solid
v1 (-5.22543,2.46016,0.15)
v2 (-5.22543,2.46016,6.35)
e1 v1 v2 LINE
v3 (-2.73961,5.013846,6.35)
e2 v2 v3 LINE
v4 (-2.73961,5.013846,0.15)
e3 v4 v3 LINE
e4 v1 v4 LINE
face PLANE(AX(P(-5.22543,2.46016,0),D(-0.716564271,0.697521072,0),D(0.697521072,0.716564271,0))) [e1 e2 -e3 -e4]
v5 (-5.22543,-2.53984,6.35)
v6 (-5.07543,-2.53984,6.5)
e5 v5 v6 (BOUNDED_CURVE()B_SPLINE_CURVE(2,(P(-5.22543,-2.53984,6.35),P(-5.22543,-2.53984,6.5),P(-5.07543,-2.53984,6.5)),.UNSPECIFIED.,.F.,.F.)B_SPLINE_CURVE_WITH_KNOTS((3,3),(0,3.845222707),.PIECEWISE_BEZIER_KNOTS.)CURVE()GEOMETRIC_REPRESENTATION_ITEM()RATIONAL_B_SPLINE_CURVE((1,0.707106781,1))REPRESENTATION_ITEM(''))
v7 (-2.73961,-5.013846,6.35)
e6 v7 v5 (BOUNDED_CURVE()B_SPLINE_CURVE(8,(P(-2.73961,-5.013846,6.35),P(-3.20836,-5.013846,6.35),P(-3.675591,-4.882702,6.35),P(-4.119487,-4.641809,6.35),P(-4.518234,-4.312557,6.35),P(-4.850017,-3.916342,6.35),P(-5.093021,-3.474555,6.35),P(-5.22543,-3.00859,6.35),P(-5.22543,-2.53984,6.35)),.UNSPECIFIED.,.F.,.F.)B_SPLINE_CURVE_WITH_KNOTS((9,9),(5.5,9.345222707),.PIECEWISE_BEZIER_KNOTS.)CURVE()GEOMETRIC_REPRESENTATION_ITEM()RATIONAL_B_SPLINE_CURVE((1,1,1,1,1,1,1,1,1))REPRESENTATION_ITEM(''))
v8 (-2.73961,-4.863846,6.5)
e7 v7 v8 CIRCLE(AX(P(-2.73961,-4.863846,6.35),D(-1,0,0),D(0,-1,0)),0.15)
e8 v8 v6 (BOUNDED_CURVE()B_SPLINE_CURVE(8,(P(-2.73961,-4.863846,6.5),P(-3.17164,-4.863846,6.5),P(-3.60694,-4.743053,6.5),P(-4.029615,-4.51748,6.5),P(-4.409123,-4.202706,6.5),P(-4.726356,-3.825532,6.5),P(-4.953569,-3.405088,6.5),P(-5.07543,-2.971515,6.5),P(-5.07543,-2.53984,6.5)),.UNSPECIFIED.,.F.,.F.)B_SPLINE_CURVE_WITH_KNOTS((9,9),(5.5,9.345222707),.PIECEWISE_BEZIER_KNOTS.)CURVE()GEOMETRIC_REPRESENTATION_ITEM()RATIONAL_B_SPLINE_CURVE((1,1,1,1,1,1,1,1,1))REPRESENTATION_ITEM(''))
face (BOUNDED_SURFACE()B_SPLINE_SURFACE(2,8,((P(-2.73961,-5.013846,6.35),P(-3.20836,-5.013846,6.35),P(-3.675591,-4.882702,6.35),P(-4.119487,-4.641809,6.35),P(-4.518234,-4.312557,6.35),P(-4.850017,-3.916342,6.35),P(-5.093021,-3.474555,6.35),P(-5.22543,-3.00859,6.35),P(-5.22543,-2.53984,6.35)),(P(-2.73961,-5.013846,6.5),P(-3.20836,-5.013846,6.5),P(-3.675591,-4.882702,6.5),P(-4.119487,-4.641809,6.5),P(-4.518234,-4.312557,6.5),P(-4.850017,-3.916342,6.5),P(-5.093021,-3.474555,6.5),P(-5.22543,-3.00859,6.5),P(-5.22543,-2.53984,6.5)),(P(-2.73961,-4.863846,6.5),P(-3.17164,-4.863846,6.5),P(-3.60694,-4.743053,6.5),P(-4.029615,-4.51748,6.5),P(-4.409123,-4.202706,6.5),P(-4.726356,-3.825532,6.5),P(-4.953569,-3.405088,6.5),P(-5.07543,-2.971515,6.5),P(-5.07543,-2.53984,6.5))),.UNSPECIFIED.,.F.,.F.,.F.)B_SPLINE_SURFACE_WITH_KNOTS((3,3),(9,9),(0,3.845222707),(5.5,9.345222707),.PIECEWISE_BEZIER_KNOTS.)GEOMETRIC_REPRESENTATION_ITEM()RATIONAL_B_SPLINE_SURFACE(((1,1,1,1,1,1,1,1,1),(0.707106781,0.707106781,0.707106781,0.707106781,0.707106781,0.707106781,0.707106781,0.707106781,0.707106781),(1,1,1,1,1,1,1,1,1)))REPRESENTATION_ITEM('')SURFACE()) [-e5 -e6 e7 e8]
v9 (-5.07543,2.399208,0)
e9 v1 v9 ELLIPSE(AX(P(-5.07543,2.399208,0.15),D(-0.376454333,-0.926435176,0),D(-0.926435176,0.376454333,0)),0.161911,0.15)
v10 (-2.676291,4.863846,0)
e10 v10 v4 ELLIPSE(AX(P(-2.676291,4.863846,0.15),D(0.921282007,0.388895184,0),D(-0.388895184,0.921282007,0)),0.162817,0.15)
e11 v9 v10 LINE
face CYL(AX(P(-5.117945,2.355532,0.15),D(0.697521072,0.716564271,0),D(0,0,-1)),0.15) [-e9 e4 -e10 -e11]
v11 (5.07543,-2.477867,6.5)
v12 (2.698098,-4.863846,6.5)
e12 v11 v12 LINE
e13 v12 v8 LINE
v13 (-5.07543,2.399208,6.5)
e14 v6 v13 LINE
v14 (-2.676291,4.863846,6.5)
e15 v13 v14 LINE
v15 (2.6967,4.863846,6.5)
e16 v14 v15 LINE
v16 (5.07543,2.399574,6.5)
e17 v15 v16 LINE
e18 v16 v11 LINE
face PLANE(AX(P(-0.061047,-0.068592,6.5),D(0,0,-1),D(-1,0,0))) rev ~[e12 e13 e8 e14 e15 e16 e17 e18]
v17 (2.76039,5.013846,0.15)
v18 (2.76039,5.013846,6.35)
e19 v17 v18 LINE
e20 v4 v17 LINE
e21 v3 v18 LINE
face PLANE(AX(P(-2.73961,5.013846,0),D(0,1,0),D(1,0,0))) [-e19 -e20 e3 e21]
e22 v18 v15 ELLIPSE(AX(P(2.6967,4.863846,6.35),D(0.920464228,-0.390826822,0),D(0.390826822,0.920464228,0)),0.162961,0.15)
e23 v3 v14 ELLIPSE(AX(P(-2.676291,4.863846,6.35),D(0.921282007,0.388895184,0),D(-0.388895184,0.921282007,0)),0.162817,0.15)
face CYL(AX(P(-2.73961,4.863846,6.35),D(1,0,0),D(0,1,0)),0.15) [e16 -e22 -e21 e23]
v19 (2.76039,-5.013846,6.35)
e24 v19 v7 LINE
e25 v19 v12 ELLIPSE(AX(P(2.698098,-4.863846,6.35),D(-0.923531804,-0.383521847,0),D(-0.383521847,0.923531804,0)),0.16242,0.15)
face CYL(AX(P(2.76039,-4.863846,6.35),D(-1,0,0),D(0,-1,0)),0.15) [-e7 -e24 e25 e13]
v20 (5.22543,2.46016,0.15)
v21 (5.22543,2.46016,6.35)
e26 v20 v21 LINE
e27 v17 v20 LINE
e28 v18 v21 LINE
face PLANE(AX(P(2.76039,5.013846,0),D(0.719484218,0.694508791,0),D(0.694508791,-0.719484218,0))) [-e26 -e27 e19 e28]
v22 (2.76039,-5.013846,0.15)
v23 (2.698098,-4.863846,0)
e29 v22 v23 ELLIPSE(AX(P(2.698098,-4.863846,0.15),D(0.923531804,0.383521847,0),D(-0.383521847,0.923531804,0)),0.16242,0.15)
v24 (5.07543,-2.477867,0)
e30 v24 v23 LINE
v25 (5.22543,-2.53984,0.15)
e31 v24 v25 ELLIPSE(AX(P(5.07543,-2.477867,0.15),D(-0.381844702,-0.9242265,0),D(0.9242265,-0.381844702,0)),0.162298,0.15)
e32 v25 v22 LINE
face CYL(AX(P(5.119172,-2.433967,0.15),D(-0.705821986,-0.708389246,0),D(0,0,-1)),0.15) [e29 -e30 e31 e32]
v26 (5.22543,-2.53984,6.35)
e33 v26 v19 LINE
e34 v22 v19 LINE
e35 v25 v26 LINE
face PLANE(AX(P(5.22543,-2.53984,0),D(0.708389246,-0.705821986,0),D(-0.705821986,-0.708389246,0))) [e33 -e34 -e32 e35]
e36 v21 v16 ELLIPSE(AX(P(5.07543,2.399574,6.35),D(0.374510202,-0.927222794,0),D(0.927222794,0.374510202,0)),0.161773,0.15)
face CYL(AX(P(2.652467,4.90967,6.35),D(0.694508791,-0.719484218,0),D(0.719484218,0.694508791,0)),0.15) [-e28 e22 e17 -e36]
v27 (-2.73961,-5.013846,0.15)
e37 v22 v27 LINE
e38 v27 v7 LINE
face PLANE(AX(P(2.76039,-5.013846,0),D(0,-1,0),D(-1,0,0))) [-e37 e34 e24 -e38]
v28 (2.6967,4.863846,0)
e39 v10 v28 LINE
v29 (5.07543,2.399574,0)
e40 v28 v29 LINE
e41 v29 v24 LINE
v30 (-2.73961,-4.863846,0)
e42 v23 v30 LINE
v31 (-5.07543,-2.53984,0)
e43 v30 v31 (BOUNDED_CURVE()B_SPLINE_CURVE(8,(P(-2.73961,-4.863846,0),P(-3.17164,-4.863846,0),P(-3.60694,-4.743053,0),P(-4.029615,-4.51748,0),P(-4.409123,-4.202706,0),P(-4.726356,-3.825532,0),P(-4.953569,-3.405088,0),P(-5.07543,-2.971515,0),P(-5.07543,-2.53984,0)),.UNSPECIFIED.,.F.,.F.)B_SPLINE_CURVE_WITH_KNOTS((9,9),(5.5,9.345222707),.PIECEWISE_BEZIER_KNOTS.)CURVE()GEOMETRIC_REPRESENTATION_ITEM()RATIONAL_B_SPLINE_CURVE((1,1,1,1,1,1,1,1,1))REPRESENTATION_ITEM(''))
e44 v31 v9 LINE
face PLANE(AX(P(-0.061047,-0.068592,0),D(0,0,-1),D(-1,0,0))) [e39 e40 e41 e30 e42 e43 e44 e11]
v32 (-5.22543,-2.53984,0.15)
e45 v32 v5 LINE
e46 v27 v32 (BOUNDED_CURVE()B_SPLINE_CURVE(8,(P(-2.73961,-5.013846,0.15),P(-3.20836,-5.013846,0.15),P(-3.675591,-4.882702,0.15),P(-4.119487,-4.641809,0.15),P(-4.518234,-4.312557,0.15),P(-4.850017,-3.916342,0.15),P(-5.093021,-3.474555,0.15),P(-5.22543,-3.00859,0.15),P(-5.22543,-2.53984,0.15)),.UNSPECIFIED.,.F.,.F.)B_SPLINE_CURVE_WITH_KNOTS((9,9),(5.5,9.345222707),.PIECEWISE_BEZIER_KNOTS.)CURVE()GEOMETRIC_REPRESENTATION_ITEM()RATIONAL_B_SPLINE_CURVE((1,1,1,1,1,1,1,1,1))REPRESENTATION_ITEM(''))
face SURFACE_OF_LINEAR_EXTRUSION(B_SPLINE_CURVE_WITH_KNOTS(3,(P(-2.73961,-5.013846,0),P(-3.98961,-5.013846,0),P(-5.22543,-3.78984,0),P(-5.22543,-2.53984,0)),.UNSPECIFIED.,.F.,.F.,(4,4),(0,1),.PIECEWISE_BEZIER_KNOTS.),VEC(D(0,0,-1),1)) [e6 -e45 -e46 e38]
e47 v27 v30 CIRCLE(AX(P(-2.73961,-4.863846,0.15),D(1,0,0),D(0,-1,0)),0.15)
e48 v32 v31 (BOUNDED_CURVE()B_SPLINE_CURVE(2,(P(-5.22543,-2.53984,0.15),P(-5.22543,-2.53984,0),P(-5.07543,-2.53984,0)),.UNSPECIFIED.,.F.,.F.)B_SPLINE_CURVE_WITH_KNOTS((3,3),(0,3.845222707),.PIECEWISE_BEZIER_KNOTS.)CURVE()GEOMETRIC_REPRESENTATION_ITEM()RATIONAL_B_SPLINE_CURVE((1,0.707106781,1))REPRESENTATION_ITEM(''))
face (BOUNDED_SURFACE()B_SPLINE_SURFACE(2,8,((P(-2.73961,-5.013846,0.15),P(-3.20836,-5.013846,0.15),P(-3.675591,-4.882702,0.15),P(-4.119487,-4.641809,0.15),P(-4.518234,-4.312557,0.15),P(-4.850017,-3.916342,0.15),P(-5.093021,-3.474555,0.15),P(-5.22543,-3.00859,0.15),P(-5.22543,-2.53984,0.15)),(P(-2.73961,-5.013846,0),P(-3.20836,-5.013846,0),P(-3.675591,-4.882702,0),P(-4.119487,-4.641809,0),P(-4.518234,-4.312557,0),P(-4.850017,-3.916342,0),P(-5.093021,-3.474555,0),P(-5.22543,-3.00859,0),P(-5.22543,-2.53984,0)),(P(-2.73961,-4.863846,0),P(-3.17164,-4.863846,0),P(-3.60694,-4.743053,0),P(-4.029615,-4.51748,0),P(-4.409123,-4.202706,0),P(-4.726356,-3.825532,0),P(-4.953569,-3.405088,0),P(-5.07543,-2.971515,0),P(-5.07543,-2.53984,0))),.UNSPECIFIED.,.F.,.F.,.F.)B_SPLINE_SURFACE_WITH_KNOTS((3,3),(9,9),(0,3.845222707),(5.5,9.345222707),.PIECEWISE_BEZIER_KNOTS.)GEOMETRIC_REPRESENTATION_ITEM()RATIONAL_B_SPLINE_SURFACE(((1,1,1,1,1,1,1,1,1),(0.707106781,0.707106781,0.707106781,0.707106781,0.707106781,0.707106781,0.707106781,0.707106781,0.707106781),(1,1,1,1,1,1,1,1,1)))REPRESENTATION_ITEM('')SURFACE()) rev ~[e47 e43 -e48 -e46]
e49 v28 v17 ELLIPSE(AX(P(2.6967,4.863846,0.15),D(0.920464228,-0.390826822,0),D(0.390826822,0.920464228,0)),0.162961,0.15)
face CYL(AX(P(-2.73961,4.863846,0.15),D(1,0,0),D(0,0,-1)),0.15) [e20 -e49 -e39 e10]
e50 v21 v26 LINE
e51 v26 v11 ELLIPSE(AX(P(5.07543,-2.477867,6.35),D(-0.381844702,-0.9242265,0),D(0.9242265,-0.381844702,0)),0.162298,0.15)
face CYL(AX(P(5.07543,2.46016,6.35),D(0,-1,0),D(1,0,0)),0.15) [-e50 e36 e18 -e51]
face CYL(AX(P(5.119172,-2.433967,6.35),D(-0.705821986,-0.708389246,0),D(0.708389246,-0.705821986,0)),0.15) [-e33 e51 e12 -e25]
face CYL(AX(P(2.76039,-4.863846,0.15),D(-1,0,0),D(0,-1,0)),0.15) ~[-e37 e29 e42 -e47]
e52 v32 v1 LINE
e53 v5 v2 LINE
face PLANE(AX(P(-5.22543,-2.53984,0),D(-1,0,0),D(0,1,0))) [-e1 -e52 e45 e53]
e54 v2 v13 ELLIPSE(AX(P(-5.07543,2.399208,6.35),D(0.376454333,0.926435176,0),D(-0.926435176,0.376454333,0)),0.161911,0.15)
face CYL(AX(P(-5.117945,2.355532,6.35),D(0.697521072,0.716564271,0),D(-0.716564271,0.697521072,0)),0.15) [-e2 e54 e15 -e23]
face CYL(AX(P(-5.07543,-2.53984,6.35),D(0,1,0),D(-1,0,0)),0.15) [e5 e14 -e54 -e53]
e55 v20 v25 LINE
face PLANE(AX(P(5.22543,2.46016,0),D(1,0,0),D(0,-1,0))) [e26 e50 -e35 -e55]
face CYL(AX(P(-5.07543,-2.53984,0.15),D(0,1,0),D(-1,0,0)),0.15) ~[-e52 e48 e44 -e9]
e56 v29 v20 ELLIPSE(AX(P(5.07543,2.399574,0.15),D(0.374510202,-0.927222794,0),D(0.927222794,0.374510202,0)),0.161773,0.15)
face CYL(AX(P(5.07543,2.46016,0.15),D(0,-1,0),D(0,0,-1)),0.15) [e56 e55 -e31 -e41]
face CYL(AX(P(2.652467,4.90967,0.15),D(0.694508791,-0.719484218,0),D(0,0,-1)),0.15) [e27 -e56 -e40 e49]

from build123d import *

# Parameters (mm, degrees)
PAD_DEPTH   = 6.5
FILLET_R    = 0.15
FILLET001_R = 0.15


with BuildPart() as part:
    # Sketch → Pad (new body)
    with BuildSketch(Plane.XY):
        with BuildLine():
            Line((-5.22543, -2.53984), (-5.22543, 2.46016))
            Line((-5.22543, 2.46016), (-2.73961, 5.013846))
            Line((-2.73961, 5.013846), (2.76039, 5.013846))
            Line((2.76039, 5.013846), (5.22543, 2.46016))
            Line((5.22543, 2.46016), (5.22543, -2.53984))
            Line((5.22543, -2.53984), (2.76039, -5.013846))
            Line((2.76039, -5.013846), (-2.73961, -5.013846))
            add(Edge.make_bspline(
                [(-2.73961, -5.013846), (-3.98961, -5.013846), (-5.22543, -3.78984), (-5.22543, -2.53984)],
                knots=[0, 0, 0, 0, 1, 1, 1, 1], degree=3))
        make_face()
    extrude(amount=PAD_DEPTH)

    # Fillet
    fillet_edges = [part.edges().sort_by_distance(p)[0] for p in [
        (-5.22543, -0.03984, 6.5),
        (-3.98252, 3.737003, 6.5),
        (0.01039, 5.013846, 6.5),
        (3.99291, 3.737003, 6.5),
        (5.22543, -0.03984, 6.5),
        (3.99291, -3.776843, 6.5),
        (0.01039, -5.013846, 6.5),
        (-4.450502, -4.246356, 6.5),
    ]]
    fillet(fillet_edges, radius=FILLET_R)

    # Fillet001
    fillet001_edges = [part.edges().sort_by_distance(p)[0] for p in [
        (-5.22543, -0.03984, 0),
        (-3.98252, 3.737003, 0),
        (0.01039, 5.013846, 0),
        (3.99291, 3.737003, 0),
        (5.22543, -0.03984, 0),
        (3.99291, -3.776843, 0),
        (0.01039, -5.013846, 0),
        (-4.450502, -4.246356, 0),
    ]]
    fillet(fillet001_edges, radius=FILLET001_R)


solid = part.part
